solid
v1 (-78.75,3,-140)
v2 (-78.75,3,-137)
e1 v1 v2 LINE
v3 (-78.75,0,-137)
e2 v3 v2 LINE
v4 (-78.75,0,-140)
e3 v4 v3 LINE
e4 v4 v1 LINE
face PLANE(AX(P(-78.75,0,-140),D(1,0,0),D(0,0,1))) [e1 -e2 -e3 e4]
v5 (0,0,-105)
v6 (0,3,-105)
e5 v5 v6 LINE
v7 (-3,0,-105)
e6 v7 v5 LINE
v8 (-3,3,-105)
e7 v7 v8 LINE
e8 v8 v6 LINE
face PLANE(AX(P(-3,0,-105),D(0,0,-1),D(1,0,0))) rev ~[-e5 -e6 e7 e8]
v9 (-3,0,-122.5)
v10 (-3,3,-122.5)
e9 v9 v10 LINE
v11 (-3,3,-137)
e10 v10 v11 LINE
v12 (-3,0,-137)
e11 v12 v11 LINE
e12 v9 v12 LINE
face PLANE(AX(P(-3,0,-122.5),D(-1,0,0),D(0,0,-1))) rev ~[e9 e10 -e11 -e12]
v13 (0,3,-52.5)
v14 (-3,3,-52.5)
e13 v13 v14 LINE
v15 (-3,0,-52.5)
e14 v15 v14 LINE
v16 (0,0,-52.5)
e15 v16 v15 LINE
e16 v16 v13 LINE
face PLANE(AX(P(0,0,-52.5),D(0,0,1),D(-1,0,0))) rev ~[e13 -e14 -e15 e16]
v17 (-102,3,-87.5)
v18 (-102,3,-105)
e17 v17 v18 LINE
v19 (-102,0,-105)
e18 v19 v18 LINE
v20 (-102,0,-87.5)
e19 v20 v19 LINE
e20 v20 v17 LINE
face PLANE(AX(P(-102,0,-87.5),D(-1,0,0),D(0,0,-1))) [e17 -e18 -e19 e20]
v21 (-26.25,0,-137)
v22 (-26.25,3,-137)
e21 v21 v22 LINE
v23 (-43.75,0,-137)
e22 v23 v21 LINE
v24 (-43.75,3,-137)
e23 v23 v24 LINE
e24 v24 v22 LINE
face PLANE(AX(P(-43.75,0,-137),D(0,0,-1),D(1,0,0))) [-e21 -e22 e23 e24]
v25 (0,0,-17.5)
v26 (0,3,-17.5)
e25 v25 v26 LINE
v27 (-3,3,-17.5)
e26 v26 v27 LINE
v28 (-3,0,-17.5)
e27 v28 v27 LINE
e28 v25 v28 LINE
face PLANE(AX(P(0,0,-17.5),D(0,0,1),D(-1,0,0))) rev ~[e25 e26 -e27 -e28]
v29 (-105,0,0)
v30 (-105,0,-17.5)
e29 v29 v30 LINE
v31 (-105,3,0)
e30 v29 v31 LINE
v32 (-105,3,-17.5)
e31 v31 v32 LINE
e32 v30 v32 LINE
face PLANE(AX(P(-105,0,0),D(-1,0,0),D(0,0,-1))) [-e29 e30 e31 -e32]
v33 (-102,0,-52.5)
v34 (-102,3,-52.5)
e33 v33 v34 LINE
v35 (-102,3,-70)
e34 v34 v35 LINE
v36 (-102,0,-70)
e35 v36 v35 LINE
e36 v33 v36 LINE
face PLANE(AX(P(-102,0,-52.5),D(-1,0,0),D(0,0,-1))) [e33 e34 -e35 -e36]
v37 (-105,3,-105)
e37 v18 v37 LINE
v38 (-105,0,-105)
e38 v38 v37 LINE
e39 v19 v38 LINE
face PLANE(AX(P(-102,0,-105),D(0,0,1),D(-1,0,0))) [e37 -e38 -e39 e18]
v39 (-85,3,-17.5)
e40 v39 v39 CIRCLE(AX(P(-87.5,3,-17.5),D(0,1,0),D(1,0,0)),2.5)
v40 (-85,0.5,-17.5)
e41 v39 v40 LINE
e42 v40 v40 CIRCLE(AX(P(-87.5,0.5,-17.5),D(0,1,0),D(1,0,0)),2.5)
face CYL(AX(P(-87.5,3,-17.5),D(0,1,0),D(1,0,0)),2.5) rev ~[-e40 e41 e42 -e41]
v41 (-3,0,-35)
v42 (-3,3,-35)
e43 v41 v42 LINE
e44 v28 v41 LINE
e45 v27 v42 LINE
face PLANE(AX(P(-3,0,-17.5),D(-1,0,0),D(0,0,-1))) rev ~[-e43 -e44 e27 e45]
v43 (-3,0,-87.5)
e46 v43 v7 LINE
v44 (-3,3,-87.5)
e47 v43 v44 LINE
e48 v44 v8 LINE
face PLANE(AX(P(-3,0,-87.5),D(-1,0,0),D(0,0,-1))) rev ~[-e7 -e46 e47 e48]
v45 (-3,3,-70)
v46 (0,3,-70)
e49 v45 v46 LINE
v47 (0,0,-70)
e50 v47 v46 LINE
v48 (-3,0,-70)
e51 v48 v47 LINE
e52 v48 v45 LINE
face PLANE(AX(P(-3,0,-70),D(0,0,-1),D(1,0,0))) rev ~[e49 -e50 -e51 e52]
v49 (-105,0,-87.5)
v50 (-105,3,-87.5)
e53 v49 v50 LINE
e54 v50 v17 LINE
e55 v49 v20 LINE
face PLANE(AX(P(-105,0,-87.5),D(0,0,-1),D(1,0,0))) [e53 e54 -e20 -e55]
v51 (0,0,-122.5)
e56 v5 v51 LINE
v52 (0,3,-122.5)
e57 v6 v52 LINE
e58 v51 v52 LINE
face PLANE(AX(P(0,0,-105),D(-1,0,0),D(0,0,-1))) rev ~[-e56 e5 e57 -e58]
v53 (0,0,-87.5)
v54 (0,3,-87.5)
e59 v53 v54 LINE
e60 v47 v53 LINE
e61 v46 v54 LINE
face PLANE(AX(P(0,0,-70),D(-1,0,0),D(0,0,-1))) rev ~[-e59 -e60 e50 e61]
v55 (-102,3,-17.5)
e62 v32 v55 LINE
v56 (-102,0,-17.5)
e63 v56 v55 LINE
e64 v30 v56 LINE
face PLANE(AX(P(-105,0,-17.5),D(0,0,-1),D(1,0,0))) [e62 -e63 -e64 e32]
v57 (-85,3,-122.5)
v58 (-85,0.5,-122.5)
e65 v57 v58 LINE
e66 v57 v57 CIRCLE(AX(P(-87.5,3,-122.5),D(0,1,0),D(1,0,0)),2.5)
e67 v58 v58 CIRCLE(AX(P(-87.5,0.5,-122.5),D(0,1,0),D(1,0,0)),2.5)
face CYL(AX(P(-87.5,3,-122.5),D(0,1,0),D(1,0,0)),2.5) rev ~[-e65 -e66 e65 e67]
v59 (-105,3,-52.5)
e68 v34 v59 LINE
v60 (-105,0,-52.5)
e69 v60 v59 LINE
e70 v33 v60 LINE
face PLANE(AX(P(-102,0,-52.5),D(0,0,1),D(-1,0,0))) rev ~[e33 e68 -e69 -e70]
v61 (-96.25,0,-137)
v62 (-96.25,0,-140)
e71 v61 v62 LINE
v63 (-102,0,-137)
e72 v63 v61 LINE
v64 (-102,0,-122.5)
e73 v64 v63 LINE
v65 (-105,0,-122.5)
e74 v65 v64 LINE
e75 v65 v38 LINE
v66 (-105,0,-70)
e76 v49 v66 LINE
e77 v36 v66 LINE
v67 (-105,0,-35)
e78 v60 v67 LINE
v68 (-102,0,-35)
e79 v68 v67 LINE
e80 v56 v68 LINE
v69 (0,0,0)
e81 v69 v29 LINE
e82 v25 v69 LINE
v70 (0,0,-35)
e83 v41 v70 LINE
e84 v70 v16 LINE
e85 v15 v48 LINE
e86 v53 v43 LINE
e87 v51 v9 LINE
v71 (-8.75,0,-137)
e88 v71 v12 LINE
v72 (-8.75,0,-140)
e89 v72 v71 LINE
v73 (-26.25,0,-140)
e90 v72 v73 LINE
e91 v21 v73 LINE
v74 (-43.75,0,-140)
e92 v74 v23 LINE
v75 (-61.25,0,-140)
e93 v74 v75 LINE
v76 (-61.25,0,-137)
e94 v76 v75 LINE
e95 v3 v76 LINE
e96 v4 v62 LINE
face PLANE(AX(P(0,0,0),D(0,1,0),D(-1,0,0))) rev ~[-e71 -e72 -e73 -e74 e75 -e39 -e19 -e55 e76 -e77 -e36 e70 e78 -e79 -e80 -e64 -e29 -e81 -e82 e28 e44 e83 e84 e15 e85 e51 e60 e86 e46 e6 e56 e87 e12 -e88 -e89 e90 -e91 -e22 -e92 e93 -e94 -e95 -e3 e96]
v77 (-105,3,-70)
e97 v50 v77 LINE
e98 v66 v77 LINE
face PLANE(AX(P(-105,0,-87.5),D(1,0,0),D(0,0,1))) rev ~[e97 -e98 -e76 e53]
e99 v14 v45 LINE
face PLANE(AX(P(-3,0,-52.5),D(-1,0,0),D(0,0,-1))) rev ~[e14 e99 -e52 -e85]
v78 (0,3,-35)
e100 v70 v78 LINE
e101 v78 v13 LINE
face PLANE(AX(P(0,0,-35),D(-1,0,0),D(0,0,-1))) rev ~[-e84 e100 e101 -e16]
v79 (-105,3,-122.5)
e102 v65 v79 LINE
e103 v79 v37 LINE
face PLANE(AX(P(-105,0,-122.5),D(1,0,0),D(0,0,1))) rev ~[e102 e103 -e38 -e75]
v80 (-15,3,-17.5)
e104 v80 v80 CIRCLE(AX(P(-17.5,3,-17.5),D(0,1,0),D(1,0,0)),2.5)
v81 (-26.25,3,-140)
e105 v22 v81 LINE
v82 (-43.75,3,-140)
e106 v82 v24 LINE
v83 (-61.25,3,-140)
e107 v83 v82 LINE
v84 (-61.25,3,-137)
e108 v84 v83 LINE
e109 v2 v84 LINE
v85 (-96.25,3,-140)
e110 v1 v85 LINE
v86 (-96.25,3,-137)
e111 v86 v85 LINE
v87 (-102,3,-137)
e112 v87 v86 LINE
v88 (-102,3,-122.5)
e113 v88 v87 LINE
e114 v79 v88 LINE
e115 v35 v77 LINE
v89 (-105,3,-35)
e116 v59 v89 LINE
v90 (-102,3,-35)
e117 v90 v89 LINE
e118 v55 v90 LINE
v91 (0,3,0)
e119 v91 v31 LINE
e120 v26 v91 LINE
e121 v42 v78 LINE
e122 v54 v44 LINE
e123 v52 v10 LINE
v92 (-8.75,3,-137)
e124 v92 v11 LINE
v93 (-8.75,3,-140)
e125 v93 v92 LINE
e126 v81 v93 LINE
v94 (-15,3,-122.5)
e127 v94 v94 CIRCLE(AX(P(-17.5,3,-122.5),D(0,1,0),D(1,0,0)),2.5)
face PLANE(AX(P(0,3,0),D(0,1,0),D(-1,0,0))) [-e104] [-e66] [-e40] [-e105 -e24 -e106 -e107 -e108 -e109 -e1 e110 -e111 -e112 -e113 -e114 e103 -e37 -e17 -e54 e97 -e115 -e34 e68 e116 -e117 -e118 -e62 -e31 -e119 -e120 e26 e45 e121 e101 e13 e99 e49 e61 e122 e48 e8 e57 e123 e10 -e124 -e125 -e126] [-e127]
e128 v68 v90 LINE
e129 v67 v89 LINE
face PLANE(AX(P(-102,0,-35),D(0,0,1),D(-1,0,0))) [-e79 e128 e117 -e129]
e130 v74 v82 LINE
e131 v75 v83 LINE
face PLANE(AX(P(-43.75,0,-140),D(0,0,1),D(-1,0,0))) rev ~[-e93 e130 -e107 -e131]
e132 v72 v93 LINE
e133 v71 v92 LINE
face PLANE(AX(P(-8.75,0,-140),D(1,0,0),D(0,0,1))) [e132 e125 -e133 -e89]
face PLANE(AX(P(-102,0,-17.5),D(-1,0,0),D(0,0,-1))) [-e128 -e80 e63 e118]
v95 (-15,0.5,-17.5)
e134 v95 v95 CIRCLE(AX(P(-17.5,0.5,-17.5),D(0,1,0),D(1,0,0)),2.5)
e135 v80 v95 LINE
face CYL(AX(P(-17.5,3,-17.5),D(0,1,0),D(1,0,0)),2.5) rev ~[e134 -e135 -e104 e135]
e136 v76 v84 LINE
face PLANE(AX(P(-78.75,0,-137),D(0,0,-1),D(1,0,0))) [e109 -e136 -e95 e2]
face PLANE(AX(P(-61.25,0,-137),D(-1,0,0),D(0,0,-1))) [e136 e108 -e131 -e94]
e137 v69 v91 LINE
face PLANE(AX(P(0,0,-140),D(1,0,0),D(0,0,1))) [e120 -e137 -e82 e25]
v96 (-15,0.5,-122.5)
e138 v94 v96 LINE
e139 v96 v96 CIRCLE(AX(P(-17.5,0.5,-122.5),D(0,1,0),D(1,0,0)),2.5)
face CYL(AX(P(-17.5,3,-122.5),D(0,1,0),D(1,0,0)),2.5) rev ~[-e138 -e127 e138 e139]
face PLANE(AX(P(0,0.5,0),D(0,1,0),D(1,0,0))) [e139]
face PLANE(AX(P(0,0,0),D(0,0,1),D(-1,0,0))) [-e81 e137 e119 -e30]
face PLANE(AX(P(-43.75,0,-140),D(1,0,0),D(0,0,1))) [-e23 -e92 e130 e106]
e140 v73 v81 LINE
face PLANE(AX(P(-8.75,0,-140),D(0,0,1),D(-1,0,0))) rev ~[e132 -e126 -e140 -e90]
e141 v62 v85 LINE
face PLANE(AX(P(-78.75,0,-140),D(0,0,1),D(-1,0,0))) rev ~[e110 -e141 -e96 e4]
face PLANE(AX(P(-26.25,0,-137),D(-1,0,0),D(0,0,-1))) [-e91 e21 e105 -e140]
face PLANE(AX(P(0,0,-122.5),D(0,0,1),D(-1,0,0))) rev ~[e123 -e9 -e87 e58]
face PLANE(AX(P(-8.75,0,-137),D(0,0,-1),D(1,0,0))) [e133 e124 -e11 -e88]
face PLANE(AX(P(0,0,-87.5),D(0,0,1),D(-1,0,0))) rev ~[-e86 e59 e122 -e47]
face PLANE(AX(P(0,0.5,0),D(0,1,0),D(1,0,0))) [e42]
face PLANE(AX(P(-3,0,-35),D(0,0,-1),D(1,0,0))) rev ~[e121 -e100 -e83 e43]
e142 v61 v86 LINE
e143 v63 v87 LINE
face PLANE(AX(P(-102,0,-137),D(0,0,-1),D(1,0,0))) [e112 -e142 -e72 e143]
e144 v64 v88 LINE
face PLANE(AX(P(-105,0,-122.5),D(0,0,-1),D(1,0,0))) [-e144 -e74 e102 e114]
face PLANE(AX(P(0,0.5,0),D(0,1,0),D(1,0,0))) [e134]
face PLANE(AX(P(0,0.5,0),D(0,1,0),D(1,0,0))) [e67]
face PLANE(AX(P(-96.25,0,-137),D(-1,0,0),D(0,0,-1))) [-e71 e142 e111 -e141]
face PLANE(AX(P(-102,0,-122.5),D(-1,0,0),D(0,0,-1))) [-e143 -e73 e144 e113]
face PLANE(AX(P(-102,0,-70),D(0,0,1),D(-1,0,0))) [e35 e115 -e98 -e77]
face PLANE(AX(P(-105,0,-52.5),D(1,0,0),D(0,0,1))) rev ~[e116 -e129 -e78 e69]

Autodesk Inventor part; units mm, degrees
ref_plane "YZ Plane" through (0, 0, 0) normal (1, 0, 0) x (0, 1, 0)
ref_plane "XZ Plane" through (0, 0, 0) normal (0, 1, 0) x (-1, 0, 0)
ref_plane "XY Plane" through (0, 0, 0) normal (0, 0, 1) x (1, 0, 0)
sketch "Sketch2" plane through (0, 0, 0) normal (0, 1, 0) x (-1, 0, 0)
  line L0 (0, 0) -> (105, 0)
  line L1 (105, 0) -> (105, -140)
  line L2 (105, -140) -> (0, -140)
  line L3 (0, -140) -> (0, 0)
  point P0 (75, -100)
  dimension "d4" = 105
  dimension "d5" = 140
extrude "Extrusion2" add sketch "Sketch2" along normal blind 3
sketch "Sketch3" plane through (0, 0, 0) normal (0, -1, 0) x (1, 0, 0)
  line L0 (-105, 0) -> (0, 0) projected
  line L1 (-105, -140) -> (-105, 0) projected
  line L2 (0, -17.5) -> (-3, -17.5)
  line L3 (-3, -17.5) -> (-3, -35)
  line L4 (-3, -35) -> (0, -35)
  line L5 (0, -35) -> (0, -52.5)
  line L6 (0, -52.5) -> (-3, -52.5)
  line L7 (-3, -52.5) -> (-3, -70)
  line L8 (-3, -70) -> (0, -70)
  line L9 (0, -70) -> (0, -87.5)
  line L10 (0, -87.5) -> (-3, -87.5)
  line L11 (-3, -87.5) -> (-3, -105)
  line L12 (-3, -105) -> (0, -105)
  line L13 (0, -105) -> (0, -122.5)
  line L14 (0, -122.5) -> (-3, -122.5)
  line L15 (-3, -122.5) -> (-3, -140)
  line L16 (0, -17.5) -> (0, 0)
  line L17 (-105, 0) -> (0, 0) projected
  line L18 (-105, -140) -> (-105, 0) projected
  line L19 (0, 0) -> (-105, 0)
  line L20 (-105, 0) -> (-105, -17.5)
  line L21 (-105, -17.5) -> (-102, -17.5)
  line L22 (-102, -17.5) -> (-102, -35)
  line L23 (-102, -35) -> (-105, -35)
  line L24 (-105, -35) -> (-105, -52.5)
  line L25 (-102, -52.5) -> (-105, -52.5)
  line L26 (-102, -52.5) -> (-102, -70)
  line L27 (-102, -70) -> (-105, -70)
  line L28 (-105, -70) -> (-105, -87.5)
  line L29 (-105, -87.5) -> (-102, -87.5)
  line L30 (-102, -87.5) -> (-102, -105)
  line L31 (-102, -105) -> (-105, -105)
  line L32 (-105, -105) -> (-105, -122.5)
  line L33 (-105, -122.5) -> (-102, -122.5)
  line L34 (-102, -122.5) -> (-102, -137)
  line L35 (0, -140) -> (-105, -140) projected
  line L36 (-105, -122.5) -> (-105, -105)
  line L37 (-102, -137) -> (-96.25, -137)
  line L38 (-96.25, -137) -> (-96.25, -140)
  line L39 (-96.25, -140) -> (-78.75, -140)
  line L40 (-52.5, -140) -> (-35, -140)
  line L41 (-17.5, -140) -> (-3, -140)
  line L42 (-3, -140) -> (-3, -137)
  line L43 (-61.25, -140) -> (-43.75, -140)
  line L44 (-43.75, -140) -> (-43.75, -137)
  line L45 (-43.75, -137) -> (-26.25, -137)
  line L46 (-26.25, -137) -> (-26.25, -140)
  line L47 (-26.25, -140) -> (-8.75, -140)
  line L48 (-8.75, -140) -> (-8.75, -137)
  line L49 (-8.75, -137) -> (-3, -137)
  line L50 (-96.25, -137) -> (-96.25, -140)
  line L51 (-96.25, -140) -> (-78.75, -140)
  line L52 (-78.75, -140) -> (-78.75, -137)
  line L53 (-78.75, -137) -> (-61.25, -137)
  line L54 (-61.25, -137) -> (-61.25, -140)
  line L55 (-61.25, -140) -> (-43.75, -140)
  line L56 (-26.25, -140) -> (-8.75, -140)
  point P0 (-17.5, -137)
  dimension "d51" = 3
  dimension "d52" = 17.5
  dimension "d53" = 17.5
  dimension "d54" = 17.5
  dimension "d55" = 17.5
  dimension "d56" = 17.5
  dimension "d58" = 3
  dimension "d65" = 17.5
  dimension "d66" = 17.5
  dimension "d67" = 17.5
  dimension "d69" = 5.75
  dimension "d70" = 5.75
  dimension "d71" = 17.5
extrude "Extrusion3" cut sketch "Sketch3" against normal blind 3 contours L0 L16 L2 L3 L4 L5 L6 L7 L8 L9 L10 L11 L12 L13 L14 L15 L49 L48 L35 L46 L45 L44 L54 L53 L52 L38 L37 L34 L33 L1 L31 L30 L29 L27 L26 L25 L23 L22 L21 keep common part
sketch "Sketch5" plane through (0, 3, 0) normal (0, 1, 0) x (1, 0, 0)
  circle A0 centre (-17.5, 17.5) radius 2.5
  line L0 (0, 0) -> (0, 17.5) projected
  line L1 (0, 0) -> (0, 17.5)
  line L2 (-105, 0) -> (0, 0) projected
  line L3 (0, 0) -> (-17.5, 0)
  circle A1 centre (-87.5, 17.5) radius 2.5
  circle A2 centre (-17.5, 122.5) radius 2.5
  circle A3 centre (-87.5, 122.5) radius 2.5
  dimension "d72" = 17.5
  dimension "d75" = 70
  dimension "d78" = 105
extrude "Extrusion4" cut sketch "Sketch5" against normal blind 2.5
properties part number "TableBottom" material "Wood (Cherry)"
